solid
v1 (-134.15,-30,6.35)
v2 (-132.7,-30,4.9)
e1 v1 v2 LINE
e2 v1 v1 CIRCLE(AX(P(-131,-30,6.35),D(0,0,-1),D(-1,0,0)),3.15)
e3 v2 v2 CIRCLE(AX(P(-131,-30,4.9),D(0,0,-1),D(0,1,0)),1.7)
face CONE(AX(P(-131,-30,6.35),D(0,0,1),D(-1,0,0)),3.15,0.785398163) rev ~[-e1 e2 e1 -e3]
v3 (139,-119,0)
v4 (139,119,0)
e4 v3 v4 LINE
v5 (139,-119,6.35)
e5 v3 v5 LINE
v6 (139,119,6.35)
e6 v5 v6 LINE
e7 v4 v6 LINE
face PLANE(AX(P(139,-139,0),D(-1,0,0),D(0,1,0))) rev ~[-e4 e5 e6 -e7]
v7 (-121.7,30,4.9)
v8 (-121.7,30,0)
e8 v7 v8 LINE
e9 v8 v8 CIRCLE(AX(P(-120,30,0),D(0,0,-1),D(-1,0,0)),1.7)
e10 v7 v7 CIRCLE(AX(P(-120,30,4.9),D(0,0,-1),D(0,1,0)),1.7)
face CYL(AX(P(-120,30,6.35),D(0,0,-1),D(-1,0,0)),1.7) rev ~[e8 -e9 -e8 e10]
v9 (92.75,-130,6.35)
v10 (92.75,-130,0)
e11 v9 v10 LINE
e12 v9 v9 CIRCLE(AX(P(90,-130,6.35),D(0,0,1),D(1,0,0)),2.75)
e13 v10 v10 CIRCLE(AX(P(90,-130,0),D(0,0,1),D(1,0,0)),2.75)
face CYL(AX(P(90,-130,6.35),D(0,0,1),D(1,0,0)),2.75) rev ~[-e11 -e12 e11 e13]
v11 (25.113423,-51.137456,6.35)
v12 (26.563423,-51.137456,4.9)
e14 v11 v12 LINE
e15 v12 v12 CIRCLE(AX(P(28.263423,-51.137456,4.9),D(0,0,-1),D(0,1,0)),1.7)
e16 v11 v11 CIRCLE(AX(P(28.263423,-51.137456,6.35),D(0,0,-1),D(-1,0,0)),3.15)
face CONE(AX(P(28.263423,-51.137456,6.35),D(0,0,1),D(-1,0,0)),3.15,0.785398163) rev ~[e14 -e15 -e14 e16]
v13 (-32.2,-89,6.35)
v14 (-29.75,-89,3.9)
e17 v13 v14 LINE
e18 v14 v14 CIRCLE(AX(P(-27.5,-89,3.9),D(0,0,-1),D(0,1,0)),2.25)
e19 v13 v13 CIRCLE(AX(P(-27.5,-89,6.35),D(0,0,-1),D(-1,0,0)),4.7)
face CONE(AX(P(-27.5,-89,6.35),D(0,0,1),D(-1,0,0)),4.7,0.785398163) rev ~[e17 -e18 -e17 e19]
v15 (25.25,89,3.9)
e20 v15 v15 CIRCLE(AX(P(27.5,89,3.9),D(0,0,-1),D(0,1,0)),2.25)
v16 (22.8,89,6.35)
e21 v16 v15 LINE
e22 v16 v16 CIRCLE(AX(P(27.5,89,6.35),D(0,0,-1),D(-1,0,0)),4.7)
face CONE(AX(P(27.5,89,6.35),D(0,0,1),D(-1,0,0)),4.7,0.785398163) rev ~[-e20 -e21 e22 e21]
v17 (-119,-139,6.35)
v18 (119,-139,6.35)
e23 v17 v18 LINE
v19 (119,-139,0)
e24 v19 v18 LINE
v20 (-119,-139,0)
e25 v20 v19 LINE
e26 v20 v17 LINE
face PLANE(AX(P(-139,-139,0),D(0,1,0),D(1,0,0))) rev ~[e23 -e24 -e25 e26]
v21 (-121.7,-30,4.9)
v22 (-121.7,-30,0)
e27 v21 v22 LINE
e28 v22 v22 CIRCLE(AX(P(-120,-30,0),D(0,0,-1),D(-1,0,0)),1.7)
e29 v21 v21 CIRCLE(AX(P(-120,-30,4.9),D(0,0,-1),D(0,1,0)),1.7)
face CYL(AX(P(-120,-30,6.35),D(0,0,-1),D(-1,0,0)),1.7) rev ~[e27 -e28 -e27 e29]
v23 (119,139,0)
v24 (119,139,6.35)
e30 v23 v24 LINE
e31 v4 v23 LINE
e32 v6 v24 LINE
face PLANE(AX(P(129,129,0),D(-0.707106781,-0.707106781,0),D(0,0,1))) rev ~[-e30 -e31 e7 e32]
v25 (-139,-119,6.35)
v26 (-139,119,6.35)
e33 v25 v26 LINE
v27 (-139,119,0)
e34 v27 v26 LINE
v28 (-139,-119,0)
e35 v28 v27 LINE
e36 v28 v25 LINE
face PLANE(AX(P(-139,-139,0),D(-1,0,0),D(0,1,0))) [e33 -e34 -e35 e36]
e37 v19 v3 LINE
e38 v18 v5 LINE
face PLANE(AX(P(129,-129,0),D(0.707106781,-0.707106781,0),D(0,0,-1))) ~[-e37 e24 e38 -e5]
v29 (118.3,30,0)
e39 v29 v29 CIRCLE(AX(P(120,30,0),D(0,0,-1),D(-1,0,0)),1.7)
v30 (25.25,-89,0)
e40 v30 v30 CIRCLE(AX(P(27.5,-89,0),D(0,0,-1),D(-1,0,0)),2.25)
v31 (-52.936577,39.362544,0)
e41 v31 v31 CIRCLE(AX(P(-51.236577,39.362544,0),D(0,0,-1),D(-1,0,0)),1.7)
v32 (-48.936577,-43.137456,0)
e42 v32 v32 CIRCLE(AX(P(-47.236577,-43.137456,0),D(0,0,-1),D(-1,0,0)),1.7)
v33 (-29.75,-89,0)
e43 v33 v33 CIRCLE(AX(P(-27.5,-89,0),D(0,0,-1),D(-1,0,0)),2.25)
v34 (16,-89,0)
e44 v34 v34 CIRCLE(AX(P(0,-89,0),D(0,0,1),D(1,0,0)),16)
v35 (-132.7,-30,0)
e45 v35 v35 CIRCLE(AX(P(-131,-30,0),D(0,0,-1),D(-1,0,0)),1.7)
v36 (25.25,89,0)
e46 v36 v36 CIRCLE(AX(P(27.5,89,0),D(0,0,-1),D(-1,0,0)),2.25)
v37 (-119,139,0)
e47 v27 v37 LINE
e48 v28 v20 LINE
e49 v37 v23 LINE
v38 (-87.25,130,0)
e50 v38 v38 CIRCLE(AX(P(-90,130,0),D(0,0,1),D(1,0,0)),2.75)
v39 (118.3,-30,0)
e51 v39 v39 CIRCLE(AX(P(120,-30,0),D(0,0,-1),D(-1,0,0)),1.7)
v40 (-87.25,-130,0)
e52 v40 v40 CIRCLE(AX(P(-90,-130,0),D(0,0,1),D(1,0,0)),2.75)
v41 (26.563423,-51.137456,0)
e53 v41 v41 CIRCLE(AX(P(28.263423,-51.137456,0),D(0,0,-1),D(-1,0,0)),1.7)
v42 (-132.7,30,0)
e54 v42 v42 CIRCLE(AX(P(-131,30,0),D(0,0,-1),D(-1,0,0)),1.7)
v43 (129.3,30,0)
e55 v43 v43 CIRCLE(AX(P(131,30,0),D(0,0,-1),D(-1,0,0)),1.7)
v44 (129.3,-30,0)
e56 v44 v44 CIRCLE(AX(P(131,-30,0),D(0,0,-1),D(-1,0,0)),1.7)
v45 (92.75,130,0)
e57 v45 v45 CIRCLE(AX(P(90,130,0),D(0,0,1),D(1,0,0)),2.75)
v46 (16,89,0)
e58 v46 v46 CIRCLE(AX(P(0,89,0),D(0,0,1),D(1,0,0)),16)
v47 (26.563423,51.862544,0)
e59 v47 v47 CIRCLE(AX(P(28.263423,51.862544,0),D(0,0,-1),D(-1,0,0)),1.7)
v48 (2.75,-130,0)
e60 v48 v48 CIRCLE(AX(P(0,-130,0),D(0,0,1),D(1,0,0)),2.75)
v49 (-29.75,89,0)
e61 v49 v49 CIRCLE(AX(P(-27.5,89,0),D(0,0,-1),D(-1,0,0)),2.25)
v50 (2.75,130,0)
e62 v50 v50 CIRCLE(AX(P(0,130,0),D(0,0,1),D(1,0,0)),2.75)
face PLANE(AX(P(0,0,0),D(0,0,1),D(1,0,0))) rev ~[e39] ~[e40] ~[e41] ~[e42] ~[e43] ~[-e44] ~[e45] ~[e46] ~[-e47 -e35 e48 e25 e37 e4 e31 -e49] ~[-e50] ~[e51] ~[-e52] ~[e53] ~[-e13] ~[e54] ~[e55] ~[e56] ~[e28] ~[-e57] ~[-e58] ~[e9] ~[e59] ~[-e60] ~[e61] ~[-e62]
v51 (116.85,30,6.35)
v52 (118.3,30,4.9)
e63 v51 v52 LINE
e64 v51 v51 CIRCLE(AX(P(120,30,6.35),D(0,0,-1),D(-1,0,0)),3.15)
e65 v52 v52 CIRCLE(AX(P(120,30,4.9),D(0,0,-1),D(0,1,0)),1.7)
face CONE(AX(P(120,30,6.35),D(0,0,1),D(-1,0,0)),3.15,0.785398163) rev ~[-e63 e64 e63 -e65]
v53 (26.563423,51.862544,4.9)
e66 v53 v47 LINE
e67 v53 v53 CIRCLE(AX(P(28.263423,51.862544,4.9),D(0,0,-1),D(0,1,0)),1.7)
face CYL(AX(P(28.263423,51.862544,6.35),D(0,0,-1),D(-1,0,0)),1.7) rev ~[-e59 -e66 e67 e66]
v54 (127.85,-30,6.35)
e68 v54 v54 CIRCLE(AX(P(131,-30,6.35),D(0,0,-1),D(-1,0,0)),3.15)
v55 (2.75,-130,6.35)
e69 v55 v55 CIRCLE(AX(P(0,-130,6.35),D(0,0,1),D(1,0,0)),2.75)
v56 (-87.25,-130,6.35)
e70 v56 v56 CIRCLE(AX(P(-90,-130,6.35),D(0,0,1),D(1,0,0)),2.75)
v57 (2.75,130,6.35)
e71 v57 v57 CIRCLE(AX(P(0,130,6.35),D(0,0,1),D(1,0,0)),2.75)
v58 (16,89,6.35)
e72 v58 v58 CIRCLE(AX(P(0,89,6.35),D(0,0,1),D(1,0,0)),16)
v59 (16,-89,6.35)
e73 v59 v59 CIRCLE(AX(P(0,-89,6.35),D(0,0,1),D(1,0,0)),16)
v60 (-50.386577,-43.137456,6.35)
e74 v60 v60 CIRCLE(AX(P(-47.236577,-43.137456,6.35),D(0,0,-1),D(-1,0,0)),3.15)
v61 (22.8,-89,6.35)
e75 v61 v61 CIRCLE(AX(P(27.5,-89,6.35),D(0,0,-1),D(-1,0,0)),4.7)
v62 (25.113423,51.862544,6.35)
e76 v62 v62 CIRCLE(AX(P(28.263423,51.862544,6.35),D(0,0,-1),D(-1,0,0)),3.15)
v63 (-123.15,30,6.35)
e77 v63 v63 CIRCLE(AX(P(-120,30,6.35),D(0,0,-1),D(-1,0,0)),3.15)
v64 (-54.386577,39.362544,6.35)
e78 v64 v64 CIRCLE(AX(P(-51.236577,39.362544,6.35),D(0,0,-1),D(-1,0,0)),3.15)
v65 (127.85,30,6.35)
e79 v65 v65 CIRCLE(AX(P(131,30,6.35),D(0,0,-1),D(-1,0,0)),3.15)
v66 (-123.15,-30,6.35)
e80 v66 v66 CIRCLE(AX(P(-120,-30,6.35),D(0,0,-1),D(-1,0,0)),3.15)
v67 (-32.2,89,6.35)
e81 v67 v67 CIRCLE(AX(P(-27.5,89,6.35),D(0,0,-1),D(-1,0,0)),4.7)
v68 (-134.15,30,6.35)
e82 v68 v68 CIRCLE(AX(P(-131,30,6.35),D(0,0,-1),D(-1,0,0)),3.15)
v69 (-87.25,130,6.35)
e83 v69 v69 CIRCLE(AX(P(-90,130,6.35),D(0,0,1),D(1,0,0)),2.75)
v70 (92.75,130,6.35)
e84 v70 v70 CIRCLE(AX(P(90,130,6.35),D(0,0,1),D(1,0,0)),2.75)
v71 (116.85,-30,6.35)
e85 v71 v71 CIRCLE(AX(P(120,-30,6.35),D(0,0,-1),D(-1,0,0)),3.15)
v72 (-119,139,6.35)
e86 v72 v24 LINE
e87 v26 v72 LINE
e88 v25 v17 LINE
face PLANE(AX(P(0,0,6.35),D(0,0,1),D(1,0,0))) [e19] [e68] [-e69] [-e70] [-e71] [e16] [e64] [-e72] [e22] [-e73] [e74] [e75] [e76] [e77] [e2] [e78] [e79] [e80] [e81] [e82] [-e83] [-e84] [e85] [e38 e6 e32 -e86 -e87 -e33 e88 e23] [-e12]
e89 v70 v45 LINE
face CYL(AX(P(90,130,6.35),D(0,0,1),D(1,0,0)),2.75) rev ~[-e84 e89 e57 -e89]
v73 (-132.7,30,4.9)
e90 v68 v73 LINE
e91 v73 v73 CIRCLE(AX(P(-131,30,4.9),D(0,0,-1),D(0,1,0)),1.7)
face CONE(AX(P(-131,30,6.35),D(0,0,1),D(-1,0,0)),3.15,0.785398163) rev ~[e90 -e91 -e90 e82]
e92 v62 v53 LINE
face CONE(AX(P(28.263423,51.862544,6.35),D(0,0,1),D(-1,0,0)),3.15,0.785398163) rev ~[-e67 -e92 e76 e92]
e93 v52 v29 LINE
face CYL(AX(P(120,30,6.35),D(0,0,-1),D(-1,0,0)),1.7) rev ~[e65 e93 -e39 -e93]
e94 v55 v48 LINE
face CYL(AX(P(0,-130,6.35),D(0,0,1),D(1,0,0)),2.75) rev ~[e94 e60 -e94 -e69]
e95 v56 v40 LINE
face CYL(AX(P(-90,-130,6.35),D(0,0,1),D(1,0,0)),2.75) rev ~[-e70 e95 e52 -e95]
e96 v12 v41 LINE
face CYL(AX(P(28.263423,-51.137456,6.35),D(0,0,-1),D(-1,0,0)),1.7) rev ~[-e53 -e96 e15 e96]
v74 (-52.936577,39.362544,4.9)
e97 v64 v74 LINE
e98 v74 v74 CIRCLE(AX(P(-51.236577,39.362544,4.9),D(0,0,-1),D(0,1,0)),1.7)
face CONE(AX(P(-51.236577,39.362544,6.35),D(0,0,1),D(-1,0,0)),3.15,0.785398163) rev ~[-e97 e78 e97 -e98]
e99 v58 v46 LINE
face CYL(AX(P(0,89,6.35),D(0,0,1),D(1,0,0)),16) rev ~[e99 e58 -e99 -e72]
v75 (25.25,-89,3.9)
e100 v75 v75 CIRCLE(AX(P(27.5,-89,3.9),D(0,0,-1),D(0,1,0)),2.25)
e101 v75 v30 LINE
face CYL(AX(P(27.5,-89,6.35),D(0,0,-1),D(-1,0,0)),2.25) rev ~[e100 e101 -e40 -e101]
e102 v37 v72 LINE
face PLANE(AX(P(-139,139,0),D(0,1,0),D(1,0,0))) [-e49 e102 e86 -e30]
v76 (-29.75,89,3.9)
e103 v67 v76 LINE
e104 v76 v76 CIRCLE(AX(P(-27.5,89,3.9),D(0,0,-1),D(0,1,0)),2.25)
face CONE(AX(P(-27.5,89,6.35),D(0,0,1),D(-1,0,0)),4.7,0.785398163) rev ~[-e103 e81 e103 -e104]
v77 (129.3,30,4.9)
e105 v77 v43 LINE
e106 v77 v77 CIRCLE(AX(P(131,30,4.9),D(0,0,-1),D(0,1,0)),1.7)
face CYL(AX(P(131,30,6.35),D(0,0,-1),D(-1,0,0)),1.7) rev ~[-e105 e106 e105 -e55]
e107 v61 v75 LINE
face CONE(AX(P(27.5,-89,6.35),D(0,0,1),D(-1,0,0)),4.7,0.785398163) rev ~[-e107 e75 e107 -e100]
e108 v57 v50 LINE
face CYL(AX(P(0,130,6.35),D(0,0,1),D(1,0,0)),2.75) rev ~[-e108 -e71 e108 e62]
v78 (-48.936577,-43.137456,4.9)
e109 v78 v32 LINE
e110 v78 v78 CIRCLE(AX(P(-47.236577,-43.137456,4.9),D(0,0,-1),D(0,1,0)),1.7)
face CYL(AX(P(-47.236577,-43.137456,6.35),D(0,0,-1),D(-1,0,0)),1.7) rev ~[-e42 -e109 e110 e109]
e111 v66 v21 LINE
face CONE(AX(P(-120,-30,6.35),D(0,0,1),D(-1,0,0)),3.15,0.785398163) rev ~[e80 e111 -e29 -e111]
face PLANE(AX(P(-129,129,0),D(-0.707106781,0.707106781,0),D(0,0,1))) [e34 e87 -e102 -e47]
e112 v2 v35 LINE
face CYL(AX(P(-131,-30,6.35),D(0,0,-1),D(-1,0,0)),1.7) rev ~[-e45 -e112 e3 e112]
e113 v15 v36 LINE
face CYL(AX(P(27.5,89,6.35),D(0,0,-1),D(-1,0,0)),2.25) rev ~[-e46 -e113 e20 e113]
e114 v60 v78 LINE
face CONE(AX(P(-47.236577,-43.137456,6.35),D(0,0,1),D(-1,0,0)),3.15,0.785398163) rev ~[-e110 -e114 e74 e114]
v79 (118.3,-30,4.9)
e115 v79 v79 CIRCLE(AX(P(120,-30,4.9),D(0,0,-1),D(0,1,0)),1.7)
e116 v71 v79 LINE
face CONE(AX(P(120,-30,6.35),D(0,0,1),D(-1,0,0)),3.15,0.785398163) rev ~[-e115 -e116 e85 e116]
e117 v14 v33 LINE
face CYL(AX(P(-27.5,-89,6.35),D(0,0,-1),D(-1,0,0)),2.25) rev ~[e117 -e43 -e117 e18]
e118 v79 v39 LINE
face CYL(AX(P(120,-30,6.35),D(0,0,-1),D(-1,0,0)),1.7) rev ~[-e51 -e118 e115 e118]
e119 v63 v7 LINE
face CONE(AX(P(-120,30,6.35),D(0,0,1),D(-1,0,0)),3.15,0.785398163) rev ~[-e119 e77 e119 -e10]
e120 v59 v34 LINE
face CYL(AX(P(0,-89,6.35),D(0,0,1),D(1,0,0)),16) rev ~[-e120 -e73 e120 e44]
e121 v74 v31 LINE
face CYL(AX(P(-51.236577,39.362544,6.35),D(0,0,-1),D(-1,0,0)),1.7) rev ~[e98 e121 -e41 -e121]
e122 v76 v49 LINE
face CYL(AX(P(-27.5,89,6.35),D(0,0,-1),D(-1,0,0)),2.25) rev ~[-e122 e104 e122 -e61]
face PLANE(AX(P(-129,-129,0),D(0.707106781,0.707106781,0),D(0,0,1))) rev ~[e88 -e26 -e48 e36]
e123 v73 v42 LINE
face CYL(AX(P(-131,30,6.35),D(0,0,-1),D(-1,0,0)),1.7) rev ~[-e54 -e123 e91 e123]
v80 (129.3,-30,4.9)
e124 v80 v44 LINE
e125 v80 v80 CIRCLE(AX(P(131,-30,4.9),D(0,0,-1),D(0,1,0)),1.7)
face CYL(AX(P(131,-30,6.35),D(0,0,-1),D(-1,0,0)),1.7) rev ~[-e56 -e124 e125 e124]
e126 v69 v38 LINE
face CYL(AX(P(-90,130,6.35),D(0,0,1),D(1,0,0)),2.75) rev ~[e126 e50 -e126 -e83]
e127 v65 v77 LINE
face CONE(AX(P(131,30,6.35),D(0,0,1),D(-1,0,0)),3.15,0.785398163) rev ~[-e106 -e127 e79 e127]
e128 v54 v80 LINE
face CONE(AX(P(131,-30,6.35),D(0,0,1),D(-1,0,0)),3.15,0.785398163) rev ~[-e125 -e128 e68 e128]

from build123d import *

# Parameters (mm, degrees)
SKETCH1_W                                       = 278
SKETCH1_H                                       = 278
BOSS_EXTRUDE1_DEPTH                             = 6.35
CHAMFER1_SIZE                                   = 20
SKETCH4_R                                       = 2.75
CUT_EXTRUDE2_DEPTH                              = 76.2
SKETCH8_R                                       = 16
CUT_EXTRUDE4_DEPTH                              = 105
CSK_FOR_M4_FLAT_HEAD_MACHINE_SCREW2_D           = 4.5
CSK_FOR_M4_FLAT_HEAD_MACHINE_SCREW2_CSINK_D     = 9.4
CSK_FOR_M4_FLAT_HEAD_MACHINE_SCREW2_CSINK_ANGLE = 90
CSK_FOR_M3_FLAT_HEAD_MACHINE_SCREW1_D           = 3.4
CSK_FOR_M3_FLAT_HEAD_MACHINE_SCREW1_CSINK_D     = 6.3
CSK_FOR_M3_FLAT_HEAD_MACHINE_SCREW1_CSINK_ANGLE = 90
CSK_FOR_M3_FLAT_HEAD_MACHINE_SCREW2_D           = 3.4
CSK_FOR_M3_FLAT_HEAD_MACHINE_SCREW2_CSINK_D     = 6.3
CSK_FOR_M3_FLAT_HEAD_MACHINE_SCREW2_CSINK_ANGLE = 90


with BuildPart() as part:
    # Sketch1 → Boss-Extrude1 (new body)
    with BuildSketch(Plane.XY):
        Rectangle(SKETCH1_W, SKETCH1_H)
    extrude(amount=BOSS_EXTRUDE1_DEPTH)

    # Chamfer1
    chamfer1_edges = [part.edges().sort_by_distance(p)[0] for p in [
        (-139, 139, 3.175),
        (139, 139, 3.175),
        (139, -139, 3.175),
        (-139, -139, 3.175),
    ]]
    chamfer(chamfer1_edges, length=CHAMFER1_SIZE)

    # Sketch4 → Cut-Extrude2 (cut)
    with BuildSketch(Plane.XY.offset(6.35)):
        with Locations((-90, 130)):
            Circle(SKETCH4_R)
        with Locations((0, 130)):
            Circle(SKETCH4_R)
        with Locations((90, 130)):
            Circle(SKETCH4_R)
        with Locations((90, -130)):
            Circle(SKETCH4_R)
        with Locations((0, -130)):
            Circle(SKETCH4_R)
        with Locations((-90, -130)):
            Circle(SKETCH4_R)
    extrude(amount=-CUT_EXTRUDE2_DEPTH, mode=Mode.SUBTRACT)

    # Sketch8 → Cut-Extrude4 (cut)
    with BuildSketch(Plane.XY.offset(6.35)):
        with Locations((0, 89)):
            Circle(SKETCH8_R)
        with Locations((0, -89)):
            Circle(SKETCH8_R)
    extrude(amount=-CUT_EXTRUDE4_DEPTH, mode=Mode.SUBTRACT)

    # CSK for M4 Flat Head Machine Screw2 (through all)
    with Locations(Plane.XY.offset(6.35)):
        with Locations((-27.5, 89), (27.5, 89), (27.5, -89), (-27.5, -89)):
            CounterSinkHole(CSK_FOR_M4_FLAT_HEAD_MACHINE_SCREW2_D / 2, CSK_FOR_M4_FLAT_HEAD_MACHINE_SCREW2_CSINK_D / 2, counter_sink_angle=CSK_FOR_M4_FLAT_HEAD_MACHINE_SCREW2_CSINK_ANGLE)

    # CSK for M3 Flat Head Machine Screw1 (through all)
    with Locations(Plane.XY.offset(6.35)):
        with Locations((-131, 30), (-120, 30), (-120, -30), (-131, -30), (131, -30), (120, -30), (120, 30), (131, 30)):
            CounterSinkHole(CSK_FOR_M3_FLAT_HEAD_MACHINE_SCREW1_D / 2, CSK_FOR_M3_FLAT_HEAD_MACHINE_SCREW1_CSINK_D / 2, counter_sink_angle=CSK_FOR_M3_FLAT_HEAD_MACHINE_SCREW1_CSINK_ANGLE)

    # CSK for M3 Flat Head Machine Screw2 (through all)
    with Locations(Plane.XY.offset(6.35)):
        with Locations((-47.23657748, -43.137455791), (-51.23657748, 39.362544209), (28.26342252, 51.862544209), (28.26342252, -51.137455791)):
            CounterSinkHole(CSK_FOR_M3_FLAT_HEAD_MACHINE_SCREW2_D / 2, CSK_FOR_M3_FLAT_HEAD_MACHINE_SCREW2_CSINK_D / 2, counter_sink_angle=CSK_FOR_M3_FLAT_HEAD_MACHINE_SCREW2_CSINK_ANGLE)


solid = part.part
